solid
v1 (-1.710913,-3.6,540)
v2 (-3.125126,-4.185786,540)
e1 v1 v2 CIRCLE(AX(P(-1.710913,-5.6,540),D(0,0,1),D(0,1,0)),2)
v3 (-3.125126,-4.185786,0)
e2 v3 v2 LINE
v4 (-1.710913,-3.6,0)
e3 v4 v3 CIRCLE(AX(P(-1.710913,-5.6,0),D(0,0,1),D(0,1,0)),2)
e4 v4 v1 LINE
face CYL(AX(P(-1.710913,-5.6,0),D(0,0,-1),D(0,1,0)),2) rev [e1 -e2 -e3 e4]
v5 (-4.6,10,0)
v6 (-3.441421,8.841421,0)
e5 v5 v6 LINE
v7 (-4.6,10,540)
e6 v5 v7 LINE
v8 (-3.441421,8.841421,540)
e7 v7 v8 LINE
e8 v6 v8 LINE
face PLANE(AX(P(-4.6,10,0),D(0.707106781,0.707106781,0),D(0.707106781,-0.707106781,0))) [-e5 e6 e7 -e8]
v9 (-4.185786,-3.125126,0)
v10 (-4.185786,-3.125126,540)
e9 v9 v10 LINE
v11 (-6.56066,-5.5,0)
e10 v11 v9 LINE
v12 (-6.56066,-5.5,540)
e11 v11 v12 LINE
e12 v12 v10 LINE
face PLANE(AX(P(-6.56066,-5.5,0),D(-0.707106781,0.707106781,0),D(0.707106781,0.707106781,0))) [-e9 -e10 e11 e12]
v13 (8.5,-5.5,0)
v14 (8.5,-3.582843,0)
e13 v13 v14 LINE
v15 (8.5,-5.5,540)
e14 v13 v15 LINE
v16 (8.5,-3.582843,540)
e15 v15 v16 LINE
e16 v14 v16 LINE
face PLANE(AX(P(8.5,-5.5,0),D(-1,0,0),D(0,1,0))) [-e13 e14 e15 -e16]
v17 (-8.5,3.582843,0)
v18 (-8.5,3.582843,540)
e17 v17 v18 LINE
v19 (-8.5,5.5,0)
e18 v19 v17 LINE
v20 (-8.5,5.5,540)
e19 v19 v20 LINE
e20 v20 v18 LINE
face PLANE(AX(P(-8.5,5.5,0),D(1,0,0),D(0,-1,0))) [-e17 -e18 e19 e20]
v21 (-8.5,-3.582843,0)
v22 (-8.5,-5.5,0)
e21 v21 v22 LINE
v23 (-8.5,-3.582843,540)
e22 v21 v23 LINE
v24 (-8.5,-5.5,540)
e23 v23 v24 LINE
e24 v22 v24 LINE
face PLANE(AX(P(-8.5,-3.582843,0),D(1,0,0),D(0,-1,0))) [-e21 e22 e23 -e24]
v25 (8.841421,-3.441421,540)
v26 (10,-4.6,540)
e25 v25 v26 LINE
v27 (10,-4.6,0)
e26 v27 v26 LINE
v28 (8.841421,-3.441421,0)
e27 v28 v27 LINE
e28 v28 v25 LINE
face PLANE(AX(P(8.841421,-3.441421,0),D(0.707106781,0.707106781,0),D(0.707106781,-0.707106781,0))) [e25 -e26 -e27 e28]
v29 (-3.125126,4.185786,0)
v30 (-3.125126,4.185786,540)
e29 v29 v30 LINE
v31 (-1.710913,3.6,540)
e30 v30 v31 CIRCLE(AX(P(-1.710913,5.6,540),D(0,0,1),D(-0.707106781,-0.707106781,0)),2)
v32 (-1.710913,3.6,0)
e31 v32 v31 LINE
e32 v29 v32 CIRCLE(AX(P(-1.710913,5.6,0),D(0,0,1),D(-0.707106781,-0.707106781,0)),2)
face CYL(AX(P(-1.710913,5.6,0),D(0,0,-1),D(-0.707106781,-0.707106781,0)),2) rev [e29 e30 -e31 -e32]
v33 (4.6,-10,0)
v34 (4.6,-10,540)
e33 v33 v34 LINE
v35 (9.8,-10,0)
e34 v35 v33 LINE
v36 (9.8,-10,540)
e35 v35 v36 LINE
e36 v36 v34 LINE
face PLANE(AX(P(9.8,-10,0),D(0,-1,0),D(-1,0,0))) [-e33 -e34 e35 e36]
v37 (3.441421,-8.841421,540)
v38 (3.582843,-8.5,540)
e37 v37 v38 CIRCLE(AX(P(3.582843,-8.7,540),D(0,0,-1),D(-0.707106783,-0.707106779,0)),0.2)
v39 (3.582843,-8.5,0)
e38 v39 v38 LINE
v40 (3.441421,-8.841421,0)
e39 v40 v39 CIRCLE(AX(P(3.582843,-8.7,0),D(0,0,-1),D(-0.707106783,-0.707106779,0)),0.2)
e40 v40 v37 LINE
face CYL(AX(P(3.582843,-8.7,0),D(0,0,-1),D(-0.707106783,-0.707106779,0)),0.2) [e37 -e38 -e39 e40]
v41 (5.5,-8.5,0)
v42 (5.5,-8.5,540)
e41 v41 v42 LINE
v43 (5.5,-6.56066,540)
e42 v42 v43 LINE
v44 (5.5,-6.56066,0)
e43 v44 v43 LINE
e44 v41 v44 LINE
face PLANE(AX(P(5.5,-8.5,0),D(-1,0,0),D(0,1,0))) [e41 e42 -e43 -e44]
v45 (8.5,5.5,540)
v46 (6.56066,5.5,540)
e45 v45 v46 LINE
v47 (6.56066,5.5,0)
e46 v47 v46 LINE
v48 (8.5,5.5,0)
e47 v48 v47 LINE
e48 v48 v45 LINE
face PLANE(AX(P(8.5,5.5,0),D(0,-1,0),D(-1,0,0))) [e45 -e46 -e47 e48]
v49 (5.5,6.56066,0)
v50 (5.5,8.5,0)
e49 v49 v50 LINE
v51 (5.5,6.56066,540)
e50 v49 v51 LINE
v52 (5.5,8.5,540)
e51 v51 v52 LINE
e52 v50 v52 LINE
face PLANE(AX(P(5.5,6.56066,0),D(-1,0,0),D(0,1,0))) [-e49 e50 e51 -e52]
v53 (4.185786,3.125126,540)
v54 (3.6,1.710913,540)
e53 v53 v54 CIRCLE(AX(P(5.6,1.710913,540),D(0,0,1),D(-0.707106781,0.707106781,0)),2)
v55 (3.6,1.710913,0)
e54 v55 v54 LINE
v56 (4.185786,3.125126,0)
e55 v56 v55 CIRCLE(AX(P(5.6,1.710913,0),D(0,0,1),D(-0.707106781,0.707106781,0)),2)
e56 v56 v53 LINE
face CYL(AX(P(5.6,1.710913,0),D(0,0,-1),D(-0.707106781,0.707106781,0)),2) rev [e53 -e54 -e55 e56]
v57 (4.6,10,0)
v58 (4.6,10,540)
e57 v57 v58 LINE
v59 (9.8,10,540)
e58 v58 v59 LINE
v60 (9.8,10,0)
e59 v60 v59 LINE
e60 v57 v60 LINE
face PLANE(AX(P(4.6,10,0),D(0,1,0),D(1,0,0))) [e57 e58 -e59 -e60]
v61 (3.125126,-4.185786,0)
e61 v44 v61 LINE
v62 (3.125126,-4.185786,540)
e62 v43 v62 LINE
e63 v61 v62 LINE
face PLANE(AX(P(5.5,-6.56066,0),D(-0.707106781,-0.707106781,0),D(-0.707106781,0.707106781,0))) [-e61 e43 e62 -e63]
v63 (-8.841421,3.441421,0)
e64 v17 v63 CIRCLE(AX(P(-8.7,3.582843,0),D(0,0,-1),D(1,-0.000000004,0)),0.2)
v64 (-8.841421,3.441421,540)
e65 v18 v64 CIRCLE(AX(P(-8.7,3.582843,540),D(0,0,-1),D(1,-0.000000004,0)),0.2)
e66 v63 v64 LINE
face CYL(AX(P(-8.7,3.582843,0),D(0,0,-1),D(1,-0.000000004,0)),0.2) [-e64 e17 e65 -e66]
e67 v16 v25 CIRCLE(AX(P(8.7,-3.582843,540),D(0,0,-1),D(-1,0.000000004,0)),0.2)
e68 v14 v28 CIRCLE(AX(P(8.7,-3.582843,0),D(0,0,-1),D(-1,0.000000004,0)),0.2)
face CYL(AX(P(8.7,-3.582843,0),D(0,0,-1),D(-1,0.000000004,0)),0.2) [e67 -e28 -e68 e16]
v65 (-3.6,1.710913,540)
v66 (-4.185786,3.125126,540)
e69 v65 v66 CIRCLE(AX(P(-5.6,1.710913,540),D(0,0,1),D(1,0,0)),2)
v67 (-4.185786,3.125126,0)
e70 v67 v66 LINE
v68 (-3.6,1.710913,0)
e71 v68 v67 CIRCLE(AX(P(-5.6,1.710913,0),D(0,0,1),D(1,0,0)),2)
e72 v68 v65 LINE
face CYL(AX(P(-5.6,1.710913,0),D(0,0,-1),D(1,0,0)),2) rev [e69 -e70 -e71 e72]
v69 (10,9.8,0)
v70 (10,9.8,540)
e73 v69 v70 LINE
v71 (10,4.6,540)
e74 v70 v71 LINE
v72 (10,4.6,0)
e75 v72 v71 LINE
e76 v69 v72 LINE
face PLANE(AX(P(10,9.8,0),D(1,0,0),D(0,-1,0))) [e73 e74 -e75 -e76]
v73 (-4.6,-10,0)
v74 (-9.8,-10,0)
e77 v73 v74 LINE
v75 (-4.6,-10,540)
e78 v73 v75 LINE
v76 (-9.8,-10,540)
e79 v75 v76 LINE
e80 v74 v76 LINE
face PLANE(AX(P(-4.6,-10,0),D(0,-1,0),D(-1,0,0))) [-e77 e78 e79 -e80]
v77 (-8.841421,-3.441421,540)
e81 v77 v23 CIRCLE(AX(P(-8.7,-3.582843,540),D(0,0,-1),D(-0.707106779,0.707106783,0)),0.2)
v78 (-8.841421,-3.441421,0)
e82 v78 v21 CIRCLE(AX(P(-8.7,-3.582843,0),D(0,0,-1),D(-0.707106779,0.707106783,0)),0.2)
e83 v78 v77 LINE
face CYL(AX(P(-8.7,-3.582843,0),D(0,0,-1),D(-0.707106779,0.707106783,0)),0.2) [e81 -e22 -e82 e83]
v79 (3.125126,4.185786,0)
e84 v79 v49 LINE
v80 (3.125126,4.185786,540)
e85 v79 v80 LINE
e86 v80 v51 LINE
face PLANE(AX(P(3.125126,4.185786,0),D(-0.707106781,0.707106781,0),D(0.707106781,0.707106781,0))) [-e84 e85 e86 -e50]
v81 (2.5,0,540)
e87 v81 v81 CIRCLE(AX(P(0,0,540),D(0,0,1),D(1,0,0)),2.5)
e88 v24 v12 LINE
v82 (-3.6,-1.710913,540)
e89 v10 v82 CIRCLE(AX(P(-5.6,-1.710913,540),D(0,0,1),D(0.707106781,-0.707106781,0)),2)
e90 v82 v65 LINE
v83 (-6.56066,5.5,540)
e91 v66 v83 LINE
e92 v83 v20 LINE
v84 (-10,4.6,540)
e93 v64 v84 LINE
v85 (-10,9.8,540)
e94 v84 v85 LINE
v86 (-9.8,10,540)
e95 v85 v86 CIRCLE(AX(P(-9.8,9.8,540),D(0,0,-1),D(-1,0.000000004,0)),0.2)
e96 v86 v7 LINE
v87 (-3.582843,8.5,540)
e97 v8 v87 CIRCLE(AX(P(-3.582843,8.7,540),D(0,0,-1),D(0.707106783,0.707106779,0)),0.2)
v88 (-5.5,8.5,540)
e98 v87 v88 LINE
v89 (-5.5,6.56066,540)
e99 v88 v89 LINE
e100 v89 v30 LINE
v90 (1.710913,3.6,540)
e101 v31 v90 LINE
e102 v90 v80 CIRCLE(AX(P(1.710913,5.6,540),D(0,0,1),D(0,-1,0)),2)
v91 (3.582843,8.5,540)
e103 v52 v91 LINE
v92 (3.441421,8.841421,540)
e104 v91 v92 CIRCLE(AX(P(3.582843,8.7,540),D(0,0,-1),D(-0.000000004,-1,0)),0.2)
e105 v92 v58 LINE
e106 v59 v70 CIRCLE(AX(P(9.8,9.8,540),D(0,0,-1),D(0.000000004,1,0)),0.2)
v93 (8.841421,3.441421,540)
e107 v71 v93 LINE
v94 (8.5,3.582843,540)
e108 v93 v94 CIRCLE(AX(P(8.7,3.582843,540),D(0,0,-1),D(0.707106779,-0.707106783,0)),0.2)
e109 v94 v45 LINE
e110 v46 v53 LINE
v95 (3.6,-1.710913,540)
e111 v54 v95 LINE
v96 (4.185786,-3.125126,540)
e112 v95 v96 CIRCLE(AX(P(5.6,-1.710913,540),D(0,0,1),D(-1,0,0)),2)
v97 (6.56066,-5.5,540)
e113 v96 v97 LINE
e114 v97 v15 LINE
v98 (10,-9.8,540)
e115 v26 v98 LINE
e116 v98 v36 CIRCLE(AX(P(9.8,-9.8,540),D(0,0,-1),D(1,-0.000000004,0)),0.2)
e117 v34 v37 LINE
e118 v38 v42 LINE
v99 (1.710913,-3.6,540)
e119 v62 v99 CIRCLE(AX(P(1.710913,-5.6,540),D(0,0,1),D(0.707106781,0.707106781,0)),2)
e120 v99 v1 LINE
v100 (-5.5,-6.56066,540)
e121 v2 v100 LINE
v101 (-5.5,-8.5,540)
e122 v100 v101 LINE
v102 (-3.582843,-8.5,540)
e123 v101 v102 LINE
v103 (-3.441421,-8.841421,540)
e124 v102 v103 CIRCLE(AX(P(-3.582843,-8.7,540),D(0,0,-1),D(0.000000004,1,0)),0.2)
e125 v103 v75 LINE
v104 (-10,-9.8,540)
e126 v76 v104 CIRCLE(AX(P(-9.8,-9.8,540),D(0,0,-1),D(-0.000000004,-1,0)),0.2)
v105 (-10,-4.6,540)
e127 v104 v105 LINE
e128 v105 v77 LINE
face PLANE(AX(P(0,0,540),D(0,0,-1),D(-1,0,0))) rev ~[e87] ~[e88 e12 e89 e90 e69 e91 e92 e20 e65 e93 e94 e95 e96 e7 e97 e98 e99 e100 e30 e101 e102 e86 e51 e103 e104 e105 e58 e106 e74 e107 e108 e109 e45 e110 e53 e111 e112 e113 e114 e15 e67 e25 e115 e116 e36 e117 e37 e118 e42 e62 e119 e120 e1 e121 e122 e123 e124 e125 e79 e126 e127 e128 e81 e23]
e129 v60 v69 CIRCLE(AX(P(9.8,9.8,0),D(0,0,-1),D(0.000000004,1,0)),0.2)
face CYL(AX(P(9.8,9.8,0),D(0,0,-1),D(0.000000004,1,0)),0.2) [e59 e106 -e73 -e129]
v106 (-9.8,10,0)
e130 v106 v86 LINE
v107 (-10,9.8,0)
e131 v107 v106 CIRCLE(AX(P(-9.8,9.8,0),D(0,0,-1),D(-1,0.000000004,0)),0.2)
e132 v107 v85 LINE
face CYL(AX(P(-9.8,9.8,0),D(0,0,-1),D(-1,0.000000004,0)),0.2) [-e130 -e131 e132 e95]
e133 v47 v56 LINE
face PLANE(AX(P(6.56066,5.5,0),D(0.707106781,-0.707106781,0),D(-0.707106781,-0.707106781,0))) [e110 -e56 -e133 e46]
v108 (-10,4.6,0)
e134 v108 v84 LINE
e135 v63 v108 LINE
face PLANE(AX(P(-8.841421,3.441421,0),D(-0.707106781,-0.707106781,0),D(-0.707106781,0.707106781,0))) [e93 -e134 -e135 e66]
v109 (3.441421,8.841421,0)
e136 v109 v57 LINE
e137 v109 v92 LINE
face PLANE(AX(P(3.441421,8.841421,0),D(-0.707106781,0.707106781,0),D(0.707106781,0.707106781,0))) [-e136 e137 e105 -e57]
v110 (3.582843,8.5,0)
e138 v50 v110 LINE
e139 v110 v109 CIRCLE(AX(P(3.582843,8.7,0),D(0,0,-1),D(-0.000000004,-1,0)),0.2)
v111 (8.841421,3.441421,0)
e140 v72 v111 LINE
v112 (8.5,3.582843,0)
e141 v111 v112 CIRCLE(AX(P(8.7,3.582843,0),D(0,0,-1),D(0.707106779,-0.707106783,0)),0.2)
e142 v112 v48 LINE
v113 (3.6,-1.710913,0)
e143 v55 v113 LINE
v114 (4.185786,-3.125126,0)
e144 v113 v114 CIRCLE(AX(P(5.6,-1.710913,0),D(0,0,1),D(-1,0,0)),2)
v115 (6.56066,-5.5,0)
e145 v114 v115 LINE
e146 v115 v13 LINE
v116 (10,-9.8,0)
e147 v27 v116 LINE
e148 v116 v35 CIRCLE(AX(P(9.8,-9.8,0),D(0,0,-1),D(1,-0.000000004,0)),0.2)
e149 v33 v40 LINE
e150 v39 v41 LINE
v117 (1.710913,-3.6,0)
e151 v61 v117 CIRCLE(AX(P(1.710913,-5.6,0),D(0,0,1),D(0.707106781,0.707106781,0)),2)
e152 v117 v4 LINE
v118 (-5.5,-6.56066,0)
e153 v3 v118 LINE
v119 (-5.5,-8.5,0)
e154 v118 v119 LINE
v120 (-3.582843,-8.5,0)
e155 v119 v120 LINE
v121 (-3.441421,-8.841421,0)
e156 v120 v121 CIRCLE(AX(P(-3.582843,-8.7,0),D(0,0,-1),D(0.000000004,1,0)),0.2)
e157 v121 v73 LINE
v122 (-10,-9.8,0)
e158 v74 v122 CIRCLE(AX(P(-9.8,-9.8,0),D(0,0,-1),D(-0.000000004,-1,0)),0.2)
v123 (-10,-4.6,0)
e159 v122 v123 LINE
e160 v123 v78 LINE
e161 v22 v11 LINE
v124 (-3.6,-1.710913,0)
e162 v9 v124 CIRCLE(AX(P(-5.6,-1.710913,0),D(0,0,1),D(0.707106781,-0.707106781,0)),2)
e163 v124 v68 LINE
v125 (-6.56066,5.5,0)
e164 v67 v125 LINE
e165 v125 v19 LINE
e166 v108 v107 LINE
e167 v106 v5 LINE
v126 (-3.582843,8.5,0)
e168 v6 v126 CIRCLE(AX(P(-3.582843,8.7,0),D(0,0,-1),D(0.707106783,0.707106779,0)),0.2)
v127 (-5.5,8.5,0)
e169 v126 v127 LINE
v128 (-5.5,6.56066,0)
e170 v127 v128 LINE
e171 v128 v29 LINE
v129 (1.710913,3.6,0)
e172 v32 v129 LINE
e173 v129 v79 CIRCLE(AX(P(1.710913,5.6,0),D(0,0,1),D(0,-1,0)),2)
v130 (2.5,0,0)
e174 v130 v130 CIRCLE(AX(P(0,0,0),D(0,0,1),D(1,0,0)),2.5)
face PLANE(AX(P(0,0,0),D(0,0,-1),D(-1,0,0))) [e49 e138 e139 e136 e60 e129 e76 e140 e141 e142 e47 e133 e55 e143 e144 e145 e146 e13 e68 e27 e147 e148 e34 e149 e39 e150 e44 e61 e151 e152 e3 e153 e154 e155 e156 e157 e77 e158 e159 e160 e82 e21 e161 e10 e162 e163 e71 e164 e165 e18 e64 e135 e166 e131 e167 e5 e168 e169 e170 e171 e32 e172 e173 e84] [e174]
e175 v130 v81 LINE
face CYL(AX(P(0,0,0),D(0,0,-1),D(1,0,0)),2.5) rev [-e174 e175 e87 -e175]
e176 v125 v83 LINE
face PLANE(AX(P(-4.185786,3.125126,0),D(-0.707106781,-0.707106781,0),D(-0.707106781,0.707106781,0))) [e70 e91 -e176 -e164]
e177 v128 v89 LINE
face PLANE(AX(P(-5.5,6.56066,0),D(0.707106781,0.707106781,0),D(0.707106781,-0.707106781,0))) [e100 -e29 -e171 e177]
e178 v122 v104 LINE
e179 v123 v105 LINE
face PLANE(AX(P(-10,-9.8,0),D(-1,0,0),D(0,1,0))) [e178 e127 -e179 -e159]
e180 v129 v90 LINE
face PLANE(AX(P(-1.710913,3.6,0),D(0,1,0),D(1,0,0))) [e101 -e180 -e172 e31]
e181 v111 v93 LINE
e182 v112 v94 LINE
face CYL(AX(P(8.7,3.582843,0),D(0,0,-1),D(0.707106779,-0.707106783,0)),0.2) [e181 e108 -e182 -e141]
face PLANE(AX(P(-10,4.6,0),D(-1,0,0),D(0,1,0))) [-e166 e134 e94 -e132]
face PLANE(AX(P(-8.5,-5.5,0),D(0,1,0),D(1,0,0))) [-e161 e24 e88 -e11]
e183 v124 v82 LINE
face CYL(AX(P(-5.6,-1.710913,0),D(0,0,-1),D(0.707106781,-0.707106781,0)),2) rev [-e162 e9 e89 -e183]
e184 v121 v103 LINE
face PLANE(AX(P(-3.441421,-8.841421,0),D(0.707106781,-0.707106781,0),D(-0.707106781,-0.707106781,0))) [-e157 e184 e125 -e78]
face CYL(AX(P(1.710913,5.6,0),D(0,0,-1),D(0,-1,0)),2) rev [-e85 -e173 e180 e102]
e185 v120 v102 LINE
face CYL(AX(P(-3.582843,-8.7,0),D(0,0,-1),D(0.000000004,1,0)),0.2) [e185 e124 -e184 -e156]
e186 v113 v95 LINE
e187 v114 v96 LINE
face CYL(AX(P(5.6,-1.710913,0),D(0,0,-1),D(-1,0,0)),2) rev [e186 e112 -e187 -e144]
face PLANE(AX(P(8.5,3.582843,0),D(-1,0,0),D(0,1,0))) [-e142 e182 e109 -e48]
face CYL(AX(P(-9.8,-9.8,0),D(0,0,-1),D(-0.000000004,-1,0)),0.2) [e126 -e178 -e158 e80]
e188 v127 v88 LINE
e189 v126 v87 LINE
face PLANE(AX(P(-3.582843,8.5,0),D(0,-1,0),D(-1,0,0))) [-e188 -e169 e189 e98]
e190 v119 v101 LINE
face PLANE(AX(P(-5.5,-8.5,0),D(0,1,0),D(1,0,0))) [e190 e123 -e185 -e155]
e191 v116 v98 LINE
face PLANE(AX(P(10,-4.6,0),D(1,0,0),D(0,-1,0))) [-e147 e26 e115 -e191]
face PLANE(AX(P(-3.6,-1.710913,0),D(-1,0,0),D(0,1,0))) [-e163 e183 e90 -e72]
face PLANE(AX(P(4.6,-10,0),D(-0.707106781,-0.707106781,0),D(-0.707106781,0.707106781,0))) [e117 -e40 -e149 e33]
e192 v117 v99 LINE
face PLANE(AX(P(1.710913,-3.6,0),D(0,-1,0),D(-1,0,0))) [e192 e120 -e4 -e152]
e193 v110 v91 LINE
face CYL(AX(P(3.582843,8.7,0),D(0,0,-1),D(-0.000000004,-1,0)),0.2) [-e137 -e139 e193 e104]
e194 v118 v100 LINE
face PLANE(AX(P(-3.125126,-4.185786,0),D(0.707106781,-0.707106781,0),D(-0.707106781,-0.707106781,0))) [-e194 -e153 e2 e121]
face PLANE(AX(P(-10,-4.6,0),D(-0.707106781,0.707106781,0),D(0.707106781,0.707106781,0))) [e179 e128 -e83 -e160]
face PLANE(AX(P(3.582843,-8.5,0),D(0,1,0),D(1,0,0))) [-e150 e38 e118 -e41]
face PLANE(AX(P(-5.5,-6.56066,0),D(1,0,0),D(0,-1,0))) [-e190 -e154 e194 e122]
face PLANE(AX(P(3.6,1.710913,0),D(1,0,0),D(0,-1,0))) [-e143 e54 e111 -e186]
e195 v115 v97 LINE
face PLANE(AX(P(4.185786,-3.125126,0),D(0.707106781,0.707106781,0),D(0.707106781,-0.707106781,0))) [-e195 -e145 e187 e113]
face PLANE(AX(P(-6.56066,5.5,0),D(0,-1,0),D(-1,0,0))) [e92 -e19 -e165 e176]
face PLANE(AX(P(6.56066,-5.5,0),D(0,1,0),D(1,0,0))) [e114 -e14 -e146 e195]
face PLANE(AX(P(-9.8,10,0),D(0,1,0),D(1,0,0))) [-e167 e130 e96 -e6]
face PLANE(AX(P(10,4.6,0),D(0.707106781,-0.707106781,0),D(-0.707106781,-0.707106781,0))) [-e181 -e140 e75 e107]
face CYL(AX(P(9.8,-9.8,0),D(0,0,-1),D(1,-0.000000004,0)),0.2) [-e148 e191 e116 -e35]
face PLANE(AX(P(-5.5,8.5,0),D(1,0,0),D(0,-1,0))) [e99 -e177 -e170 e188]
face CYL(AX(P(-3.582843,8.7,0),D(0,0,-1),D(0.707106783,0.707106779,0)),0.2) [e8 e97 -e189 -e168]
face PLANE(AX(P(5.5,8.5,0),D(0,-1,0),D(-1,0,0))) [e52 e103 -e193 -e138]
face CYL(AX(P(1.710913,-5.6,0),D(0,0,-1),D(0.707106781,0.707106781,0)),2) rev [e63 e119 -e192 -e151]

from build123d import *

# Parameters (mm, degrees)
ESBO_O1_R                = 2.5
RESSALTO_EXTRUS_O1_DEPTH = 540


with BuildPart() as part:
    # Esboço1 → Ressalto-extrusão1 (new body)
    with BuildSketch(Plane.XY):
        with BuildLine():
            Line((-4.6, -10), (-9.8, -10))
            ThreePointArc((-9.8, -10), (-9.941421356, -9.941421356), (-10, -9.8))
            Line((-10, -9.8), (-10, -4.6))
            Line((-10, -4.6), (-8.841421356, -3.441421356))
            ThreePointArc((-8.841421356, -3.441421356), (-8.623463314, -3.398066806), (-8.5, -3.582842712))
            Line((-8.5, -3.582842712), (-8.5, -5.5))
            Line((-8.5, -5.5), (-6.560660172, -5.5))
            Line((-6.560660172, -5.5), (-4.185786438, -3.125126266))
            ThreePointArc((-4.185786438, -3.125126266), (-3.752240935, -2.476279568), (-3.6, -1.710912703))
            Line((-3.6, -1.710912703), (-3.6, 1.710912703))
            ThreePointArc((-3.6, 1.710912703), (-3.752240935, 2.476279568), (-4.185786438, 3.125126266))
            Line((-4.185786438, 3.125126266), (-6.560660172, 5.5))
            Line((-6.560660172, 5.5), (-8.5, 5.5))
            Line((-8.5, 5.5), (-8.5, 3.582842712))
            ThreePointArc((-8.5, 3.582842712), (-8.623463314, 3.398066806), (-8.841421356, 3.441421356))
            Line((-8.841421356, 3.441421356), (-10, 4.6))
            Line((-10, 4.6), (-10, 9.8))
            ThreePointArc((-10, 9.8), (-9.941421356, 9.941421356), (-9.8, 10))
            Line((-9.8, 10), (-4.6, 10))
            Line((-4.6, 10), (-3.441421356, 8.841421356))
            ThreePointArc((-3.441421356, 8.841421356), (-3.398066806, 8.623463314), (-3.582842712, 8.5))
            Line((-3.582842712, 8.5), (-5.5, 8.5))
            Line((-5.5, 8.5), (-5.5, 6.560660172))
            Line((-5.5, 6.560660172), (-3.125126266, 4.185786438))
            ThreePointArc((-3.125126266, 4.185786438), (-2.476279568, 3.752240935), (-1.710912703, 3.6))
            Line((-1.710912703, 3.6), (1.710912703, 3.6))
            ThreePointArc((1.710912703, 3.6), (2.476279568, 3.752240935), (3.125126266, 4.185786438))
            Line((3.125126266, 4.185786438), (5.5, 6.560660172))
            Line((5.5, 6.560660172), (5.5, 8.5))
            Line((5.5, 8.5), (3.582842712, 8.5))
            ThreePointArc((3.582842712, 8.5), (3.398066806, 8.623463314), (3.441421356, 8.841421356))
            Line((3.441421356, 8.841421356), (4.6, 10))
            Line((4.6, 10), (9.8, 10))
            ThreePointArc((9.8, 10), (9.941421356, 9.941421356), (10, 9.8))
            Line((10, 9.8), (10, 4.6))
            Line((10, 4.6), (8.841421356, 3.441421356))
            ThreePointArc((8.841421356, 3.441421356), (8.623463314, 3.398066806), (8.5, 3.582842712))
            Line((8.5, 3.582842712), (8.5, 5.5))
            Line((8.5, 5.5), (6.560660172, 5.5))
            Line((6.560660172, 5.5), (4.185786438, 3.125126266))
            ThreePointArc((4.185786438, 3.125126266), (3.752240935, 2.476279568), (3.6, 1.710912703))
            Line((3.6, 1.710912703), (3.6, -1.710912703))
            ThreePointArc((3.6, -1.710912703), (3.752240935, -2.476279568), (4.185786438, -3.125126266))
            Line((4.185786438, -3.125126266), (6.560660172, -5.5))
            Line((6.560660172, -5.5), (8.5, -5.5))
            Line((8.5, -5.5), (8.5, -3.582842712))
            ThreePointArc((8.5, -3.582842712), (8.623463314, -3.398066806), (8.841421356, -3.441421356))
            Line((8.841421356, -3.441421356), (10, -4.6))
            Line((10, -4.6), (10, -9.8))
            ThreePointArc((10, -9.8), (9.941421356, -9.941421356), (9.8, -10))
            Line((9.8, -10), (4.6, -10))
            Line((4.6, -10), (3.441421356, -8.841421356))
            ThreePointArc((3.441421356, -8.841421356), (3.398066806, -8.623463314), (3.582842712, -8.5))
            Line((3.582842712, -8.5), (5.5, -8.5))
            Line((5.5, -8.5), (5.5, -6.560660172))
            Line((5.5, -6.560660172), (3.125126266, -4.185786438))
            ThreePointArc((3.125126266, -4.185786438), (2.476279568, -3.752240935), (1.710912703, -3.6))
            Line((1.710912703, -3.6), (-1.710912703, -3.6))
            ThreePointArc((-1.710912703, -3.6), (-2.476279568, -3.752240935), (-3.125126266, -4.185786438))
            Line((-3.125126266, -4.185786438), (-5.5, -6.560660172))
            Line((-5.5, -6.560660172), (-5.5, -8.5))
            Line((-5.5, -8.5), (-3.582842712, -8.5))
            ThreePointArc((-3.582842712, -8.5), (-3.398066806, -8.623463314), (-3.441421356, -8.841421356))
            Line((-3.441421356, -8.841421356), (-4.6, -10))
        make_face()
        Circle(ESBO_O1_R, mode=Mode.SUBTRACT)
    extrude(amount=RESSALTO_EXTRUS_O1_DEPTH)


solid = part.part
